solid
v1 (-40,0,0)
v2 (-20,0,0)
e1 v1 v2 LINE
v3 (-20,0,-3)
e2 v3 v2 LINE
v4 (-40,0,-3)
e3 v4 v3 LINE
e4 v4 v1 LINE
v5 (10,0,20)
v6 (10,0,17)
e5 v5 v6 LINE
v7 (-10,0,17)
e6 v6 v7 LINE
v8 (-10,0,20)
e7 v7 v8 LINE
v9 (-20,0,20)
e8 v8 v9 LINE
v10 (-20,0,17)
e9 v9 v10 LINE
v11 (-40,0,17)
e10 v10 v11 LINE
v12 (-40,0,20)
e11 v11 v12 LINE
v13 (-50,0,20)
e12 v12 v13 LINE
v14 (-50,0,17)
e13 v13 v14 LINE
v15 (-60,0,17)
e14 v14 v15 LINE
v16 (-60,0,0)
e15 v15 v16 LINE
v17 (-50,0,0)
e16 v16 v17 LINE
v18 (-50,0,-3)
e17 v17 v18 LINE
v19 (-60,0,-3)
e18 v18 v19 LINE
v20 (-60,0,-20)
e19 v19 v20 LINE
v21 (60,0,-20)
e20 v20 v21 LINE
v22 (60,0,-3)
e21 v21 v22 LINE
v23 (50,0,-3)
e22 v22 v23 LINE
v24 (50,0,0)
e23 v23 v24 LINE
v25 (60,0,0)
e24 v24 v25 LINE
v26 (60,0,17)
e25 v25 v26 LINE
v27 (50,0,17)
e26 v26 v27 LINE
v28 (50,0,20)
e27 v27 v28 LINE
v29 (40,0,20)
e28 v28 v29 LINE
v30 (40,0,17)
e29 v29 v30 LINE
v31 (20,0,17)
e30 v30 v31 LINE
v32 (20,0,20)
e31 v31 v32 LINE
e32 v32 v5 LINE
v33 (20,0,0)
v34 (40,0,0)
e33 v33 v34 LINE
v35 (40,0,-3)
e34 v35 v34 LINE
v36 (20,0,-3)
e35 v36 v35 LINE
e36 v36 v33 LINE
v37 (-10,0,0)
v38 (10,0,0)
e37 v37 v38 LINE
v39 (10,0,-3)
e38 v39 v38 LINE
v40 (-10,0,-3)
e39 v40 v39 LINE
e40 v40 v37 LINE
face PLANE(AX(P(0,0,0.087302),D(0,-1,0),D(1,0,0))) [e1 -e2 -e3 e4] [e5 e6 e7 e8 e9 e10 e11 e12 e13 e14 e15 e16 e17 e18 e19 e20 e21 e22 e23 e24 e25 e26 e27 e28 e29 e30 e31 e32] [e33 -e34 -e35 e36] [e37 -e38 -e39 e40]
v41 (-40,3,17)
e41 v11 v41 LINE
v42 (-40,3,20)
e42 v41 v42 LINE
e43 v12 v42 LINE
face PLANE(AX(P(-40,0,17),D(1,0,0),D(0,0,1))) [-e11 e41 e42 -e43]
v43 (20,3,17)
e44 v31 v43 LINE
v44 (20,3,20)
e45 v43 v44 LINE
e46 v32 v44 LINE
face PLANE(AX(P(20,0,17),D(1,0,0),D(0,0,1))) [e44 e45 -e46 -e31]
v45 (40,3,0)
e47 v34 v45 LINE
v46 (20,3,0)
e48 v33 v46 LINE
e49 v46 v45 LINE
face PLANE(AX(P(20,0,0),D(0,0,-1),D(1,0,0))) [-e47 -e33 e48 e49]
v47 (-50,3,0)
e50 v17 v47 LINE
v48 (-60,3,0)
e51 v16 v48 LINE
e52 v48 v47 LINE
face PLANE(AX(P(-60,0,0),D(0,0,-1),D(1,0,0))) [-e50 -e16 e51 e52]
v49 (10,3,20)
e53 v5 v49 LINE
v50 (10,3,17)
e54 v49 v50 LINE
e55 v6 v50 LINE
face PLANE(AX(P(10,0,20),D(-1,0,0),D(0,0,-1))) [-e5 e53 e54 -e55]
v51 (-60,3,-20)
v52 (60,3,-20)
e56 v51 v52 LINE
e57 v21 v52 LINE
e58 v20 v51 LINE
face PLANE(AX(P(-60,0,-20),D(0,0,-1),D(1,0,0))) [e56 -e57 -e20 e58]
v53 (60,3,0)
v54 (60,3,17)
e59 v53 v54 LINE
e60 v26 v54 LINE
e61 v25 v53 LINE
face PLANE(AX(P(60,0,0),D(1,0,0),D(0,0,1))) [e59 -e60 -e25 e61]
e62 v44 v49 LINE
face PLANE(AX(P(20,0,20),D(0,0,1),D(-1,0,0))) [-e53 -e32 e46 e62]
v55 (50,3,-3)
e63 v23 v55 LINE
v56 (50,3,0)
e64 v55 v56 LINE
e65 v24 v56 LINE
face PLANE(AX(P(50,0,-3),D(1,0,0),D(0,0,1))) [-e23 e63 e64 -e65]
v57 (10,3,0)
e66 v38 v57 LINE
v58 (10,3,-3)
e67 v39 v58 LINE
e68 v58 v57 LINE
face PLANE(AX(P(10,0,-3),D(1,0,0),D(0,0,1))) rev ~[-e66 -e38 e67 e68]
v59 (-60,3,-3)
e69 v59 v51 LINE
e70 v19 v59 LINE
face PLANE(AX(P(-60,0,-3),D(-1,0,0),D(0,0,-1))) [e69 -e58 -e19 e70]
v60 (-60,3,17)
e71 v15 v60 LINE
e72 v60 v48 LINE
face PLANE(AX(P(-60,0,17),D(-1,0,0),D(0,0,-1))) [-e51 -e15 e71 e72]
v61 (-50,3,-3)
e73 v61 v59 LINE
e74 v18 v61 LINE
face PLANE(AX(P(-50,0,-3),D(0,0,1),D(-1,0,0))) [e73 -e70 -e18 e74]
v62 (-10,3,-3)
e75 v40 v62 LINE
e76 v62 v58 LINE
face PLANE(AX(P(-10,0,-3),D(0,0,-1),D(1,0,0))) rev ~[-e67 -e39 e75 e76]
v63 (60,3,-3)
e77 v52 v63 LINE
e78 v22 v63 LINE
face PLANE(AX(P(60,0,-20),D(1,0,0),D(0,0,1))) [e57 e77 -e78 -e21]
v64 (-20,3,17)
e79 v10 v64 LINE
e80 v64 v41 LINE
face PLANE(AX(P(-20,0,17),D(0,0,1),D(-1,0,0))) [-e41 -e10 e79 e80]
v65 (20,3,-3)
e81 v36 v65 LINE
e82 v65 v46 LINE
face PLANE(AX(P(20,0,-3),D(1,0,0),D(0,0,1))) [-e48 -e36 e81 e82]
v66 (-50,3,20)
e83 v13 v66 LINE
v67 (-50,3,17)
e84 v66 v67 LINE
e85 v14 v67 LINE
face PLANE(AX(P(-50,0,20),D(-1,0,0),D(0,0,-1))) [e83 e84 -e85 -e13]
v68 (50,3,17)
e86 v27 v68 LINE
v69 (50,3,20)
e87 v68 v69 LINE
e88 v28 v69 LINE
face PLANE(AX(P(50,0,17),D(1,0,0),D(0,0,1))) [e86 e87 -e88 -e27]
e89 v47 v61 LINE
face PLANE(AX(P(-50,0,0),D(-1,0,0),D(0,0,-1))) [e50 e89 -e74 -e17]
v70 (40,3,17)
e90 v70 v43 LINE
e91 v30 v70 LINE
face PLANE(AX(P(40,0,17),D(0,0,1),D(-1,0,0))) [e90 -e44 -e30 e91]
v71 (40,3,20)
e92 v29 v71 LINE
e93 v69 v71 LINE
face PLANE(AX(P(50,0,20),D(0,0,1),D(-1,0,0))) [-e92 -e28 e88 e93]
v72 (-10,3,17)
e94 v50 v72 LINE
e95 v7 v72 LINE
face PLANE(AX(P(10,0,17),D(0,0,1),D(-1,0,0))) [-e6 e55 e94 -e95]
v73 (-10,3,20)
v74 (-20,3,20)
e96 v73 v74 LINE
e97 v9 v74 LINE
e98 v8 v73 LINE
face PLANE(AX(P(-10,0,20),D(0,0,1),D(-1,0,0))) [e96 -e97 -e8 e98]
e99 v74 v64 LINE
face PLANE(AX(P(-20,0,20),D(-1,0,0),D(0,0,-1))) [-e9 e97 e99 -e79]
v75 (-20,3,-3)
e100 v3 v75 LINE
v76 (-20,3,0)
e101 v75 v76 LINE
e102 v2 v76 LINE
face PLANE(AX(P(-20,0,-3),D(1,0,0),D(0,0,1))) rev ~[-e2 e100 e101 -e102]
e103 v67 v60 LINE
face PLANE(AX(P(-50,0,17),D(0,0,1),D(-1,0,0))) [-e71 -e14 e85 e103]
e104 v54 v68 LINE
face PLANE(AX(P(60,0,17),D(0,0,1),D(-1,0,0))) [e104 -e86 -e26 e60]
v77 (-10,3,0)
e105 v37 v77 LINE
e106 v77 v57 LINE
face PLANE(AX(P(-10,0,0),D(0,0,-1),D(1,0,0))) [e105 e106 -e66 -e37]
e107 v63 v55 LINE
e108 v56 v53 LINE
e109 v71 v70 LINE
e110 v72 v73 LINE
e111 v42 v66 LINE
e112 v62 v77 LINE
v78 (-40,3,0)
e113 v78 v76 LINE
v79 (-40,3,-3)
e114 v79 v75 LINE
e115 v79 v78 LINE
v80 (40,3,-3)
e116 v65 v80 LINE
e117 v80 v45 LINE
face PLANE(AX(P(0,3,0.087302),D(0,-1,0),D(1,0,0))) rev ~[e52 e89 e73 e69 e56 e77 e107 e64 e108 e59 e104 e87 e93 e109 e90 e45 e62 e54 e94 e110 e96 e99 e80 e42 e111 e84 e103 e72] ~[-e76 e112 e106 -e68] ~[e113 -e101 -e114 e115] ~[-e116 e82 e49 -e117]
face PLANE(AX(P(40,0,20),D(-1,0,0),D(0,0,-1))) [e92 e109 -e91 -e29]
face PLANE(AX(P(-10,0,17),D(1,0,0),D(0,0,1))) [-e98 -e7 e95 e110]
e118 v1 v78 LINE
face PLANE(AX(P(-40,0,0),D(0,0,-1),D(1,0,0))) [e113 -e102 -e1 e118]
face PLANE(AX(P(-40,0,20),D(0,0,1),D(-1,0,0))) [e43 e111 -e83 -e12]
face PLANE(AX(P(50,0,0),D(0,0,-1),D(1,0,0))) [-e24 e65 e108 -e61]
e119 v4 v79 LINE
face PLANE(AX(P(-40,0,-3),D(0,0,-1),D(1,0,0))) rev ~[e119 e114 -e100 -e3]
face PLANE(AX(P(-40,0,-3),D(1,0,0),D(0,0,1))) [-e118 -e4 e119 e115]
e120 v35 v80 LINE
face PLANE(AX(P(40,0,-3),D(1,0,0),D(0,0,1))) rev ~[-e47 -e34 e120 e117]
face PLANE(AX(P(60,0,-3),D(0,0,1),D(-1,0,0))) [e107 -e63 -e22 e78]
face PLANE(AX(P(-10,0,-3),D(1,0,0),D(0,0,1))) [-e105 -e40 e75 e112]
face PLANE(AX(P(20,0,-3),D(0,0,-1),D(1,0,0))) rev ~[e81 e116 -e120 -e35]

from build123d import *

# Parameters (mm, degrees)
F1_W     = 20
F1_H     = 3
F2_DEPTH = 3


with BuildPart() as f2:
    # F1 (on Front) → F2 (new body)
    with BuildSketch(Plane.XZ):
        Polygon((-60, -20), (60, -20), (60, -3), (50, -3), (50, 0), (60, 0), (60, 17), (50, 17), (50, 20), (40, 20), (40, 17), (20, 17), (20, 20), (10, 20), (10, 17), (-10, 17), (-10, 20), (-20, 20), (-20, 17), (-40, 17), (-40, 20), (-50, 20), (-50, 17), (-60, 17), (-60, 0), (-50, 0), (-50, -3), (-60, -3), align=None)
        with Locations((-30, -1.5)):
            Rectangle(F1_W, F1_H, mode=Mode.SUBTRACT)
        with Locations((0, -1.5)):
            Rectangle(F1_W, F1_H, mode=Mode.SUBTRACT)
        with Locations((30, -1.5)):
            Rectangle(F1_W, F1_H, mode=Mode.SUBTRACT)
    extrude(amount=-F2_DEPTH)


solid = f2.part
